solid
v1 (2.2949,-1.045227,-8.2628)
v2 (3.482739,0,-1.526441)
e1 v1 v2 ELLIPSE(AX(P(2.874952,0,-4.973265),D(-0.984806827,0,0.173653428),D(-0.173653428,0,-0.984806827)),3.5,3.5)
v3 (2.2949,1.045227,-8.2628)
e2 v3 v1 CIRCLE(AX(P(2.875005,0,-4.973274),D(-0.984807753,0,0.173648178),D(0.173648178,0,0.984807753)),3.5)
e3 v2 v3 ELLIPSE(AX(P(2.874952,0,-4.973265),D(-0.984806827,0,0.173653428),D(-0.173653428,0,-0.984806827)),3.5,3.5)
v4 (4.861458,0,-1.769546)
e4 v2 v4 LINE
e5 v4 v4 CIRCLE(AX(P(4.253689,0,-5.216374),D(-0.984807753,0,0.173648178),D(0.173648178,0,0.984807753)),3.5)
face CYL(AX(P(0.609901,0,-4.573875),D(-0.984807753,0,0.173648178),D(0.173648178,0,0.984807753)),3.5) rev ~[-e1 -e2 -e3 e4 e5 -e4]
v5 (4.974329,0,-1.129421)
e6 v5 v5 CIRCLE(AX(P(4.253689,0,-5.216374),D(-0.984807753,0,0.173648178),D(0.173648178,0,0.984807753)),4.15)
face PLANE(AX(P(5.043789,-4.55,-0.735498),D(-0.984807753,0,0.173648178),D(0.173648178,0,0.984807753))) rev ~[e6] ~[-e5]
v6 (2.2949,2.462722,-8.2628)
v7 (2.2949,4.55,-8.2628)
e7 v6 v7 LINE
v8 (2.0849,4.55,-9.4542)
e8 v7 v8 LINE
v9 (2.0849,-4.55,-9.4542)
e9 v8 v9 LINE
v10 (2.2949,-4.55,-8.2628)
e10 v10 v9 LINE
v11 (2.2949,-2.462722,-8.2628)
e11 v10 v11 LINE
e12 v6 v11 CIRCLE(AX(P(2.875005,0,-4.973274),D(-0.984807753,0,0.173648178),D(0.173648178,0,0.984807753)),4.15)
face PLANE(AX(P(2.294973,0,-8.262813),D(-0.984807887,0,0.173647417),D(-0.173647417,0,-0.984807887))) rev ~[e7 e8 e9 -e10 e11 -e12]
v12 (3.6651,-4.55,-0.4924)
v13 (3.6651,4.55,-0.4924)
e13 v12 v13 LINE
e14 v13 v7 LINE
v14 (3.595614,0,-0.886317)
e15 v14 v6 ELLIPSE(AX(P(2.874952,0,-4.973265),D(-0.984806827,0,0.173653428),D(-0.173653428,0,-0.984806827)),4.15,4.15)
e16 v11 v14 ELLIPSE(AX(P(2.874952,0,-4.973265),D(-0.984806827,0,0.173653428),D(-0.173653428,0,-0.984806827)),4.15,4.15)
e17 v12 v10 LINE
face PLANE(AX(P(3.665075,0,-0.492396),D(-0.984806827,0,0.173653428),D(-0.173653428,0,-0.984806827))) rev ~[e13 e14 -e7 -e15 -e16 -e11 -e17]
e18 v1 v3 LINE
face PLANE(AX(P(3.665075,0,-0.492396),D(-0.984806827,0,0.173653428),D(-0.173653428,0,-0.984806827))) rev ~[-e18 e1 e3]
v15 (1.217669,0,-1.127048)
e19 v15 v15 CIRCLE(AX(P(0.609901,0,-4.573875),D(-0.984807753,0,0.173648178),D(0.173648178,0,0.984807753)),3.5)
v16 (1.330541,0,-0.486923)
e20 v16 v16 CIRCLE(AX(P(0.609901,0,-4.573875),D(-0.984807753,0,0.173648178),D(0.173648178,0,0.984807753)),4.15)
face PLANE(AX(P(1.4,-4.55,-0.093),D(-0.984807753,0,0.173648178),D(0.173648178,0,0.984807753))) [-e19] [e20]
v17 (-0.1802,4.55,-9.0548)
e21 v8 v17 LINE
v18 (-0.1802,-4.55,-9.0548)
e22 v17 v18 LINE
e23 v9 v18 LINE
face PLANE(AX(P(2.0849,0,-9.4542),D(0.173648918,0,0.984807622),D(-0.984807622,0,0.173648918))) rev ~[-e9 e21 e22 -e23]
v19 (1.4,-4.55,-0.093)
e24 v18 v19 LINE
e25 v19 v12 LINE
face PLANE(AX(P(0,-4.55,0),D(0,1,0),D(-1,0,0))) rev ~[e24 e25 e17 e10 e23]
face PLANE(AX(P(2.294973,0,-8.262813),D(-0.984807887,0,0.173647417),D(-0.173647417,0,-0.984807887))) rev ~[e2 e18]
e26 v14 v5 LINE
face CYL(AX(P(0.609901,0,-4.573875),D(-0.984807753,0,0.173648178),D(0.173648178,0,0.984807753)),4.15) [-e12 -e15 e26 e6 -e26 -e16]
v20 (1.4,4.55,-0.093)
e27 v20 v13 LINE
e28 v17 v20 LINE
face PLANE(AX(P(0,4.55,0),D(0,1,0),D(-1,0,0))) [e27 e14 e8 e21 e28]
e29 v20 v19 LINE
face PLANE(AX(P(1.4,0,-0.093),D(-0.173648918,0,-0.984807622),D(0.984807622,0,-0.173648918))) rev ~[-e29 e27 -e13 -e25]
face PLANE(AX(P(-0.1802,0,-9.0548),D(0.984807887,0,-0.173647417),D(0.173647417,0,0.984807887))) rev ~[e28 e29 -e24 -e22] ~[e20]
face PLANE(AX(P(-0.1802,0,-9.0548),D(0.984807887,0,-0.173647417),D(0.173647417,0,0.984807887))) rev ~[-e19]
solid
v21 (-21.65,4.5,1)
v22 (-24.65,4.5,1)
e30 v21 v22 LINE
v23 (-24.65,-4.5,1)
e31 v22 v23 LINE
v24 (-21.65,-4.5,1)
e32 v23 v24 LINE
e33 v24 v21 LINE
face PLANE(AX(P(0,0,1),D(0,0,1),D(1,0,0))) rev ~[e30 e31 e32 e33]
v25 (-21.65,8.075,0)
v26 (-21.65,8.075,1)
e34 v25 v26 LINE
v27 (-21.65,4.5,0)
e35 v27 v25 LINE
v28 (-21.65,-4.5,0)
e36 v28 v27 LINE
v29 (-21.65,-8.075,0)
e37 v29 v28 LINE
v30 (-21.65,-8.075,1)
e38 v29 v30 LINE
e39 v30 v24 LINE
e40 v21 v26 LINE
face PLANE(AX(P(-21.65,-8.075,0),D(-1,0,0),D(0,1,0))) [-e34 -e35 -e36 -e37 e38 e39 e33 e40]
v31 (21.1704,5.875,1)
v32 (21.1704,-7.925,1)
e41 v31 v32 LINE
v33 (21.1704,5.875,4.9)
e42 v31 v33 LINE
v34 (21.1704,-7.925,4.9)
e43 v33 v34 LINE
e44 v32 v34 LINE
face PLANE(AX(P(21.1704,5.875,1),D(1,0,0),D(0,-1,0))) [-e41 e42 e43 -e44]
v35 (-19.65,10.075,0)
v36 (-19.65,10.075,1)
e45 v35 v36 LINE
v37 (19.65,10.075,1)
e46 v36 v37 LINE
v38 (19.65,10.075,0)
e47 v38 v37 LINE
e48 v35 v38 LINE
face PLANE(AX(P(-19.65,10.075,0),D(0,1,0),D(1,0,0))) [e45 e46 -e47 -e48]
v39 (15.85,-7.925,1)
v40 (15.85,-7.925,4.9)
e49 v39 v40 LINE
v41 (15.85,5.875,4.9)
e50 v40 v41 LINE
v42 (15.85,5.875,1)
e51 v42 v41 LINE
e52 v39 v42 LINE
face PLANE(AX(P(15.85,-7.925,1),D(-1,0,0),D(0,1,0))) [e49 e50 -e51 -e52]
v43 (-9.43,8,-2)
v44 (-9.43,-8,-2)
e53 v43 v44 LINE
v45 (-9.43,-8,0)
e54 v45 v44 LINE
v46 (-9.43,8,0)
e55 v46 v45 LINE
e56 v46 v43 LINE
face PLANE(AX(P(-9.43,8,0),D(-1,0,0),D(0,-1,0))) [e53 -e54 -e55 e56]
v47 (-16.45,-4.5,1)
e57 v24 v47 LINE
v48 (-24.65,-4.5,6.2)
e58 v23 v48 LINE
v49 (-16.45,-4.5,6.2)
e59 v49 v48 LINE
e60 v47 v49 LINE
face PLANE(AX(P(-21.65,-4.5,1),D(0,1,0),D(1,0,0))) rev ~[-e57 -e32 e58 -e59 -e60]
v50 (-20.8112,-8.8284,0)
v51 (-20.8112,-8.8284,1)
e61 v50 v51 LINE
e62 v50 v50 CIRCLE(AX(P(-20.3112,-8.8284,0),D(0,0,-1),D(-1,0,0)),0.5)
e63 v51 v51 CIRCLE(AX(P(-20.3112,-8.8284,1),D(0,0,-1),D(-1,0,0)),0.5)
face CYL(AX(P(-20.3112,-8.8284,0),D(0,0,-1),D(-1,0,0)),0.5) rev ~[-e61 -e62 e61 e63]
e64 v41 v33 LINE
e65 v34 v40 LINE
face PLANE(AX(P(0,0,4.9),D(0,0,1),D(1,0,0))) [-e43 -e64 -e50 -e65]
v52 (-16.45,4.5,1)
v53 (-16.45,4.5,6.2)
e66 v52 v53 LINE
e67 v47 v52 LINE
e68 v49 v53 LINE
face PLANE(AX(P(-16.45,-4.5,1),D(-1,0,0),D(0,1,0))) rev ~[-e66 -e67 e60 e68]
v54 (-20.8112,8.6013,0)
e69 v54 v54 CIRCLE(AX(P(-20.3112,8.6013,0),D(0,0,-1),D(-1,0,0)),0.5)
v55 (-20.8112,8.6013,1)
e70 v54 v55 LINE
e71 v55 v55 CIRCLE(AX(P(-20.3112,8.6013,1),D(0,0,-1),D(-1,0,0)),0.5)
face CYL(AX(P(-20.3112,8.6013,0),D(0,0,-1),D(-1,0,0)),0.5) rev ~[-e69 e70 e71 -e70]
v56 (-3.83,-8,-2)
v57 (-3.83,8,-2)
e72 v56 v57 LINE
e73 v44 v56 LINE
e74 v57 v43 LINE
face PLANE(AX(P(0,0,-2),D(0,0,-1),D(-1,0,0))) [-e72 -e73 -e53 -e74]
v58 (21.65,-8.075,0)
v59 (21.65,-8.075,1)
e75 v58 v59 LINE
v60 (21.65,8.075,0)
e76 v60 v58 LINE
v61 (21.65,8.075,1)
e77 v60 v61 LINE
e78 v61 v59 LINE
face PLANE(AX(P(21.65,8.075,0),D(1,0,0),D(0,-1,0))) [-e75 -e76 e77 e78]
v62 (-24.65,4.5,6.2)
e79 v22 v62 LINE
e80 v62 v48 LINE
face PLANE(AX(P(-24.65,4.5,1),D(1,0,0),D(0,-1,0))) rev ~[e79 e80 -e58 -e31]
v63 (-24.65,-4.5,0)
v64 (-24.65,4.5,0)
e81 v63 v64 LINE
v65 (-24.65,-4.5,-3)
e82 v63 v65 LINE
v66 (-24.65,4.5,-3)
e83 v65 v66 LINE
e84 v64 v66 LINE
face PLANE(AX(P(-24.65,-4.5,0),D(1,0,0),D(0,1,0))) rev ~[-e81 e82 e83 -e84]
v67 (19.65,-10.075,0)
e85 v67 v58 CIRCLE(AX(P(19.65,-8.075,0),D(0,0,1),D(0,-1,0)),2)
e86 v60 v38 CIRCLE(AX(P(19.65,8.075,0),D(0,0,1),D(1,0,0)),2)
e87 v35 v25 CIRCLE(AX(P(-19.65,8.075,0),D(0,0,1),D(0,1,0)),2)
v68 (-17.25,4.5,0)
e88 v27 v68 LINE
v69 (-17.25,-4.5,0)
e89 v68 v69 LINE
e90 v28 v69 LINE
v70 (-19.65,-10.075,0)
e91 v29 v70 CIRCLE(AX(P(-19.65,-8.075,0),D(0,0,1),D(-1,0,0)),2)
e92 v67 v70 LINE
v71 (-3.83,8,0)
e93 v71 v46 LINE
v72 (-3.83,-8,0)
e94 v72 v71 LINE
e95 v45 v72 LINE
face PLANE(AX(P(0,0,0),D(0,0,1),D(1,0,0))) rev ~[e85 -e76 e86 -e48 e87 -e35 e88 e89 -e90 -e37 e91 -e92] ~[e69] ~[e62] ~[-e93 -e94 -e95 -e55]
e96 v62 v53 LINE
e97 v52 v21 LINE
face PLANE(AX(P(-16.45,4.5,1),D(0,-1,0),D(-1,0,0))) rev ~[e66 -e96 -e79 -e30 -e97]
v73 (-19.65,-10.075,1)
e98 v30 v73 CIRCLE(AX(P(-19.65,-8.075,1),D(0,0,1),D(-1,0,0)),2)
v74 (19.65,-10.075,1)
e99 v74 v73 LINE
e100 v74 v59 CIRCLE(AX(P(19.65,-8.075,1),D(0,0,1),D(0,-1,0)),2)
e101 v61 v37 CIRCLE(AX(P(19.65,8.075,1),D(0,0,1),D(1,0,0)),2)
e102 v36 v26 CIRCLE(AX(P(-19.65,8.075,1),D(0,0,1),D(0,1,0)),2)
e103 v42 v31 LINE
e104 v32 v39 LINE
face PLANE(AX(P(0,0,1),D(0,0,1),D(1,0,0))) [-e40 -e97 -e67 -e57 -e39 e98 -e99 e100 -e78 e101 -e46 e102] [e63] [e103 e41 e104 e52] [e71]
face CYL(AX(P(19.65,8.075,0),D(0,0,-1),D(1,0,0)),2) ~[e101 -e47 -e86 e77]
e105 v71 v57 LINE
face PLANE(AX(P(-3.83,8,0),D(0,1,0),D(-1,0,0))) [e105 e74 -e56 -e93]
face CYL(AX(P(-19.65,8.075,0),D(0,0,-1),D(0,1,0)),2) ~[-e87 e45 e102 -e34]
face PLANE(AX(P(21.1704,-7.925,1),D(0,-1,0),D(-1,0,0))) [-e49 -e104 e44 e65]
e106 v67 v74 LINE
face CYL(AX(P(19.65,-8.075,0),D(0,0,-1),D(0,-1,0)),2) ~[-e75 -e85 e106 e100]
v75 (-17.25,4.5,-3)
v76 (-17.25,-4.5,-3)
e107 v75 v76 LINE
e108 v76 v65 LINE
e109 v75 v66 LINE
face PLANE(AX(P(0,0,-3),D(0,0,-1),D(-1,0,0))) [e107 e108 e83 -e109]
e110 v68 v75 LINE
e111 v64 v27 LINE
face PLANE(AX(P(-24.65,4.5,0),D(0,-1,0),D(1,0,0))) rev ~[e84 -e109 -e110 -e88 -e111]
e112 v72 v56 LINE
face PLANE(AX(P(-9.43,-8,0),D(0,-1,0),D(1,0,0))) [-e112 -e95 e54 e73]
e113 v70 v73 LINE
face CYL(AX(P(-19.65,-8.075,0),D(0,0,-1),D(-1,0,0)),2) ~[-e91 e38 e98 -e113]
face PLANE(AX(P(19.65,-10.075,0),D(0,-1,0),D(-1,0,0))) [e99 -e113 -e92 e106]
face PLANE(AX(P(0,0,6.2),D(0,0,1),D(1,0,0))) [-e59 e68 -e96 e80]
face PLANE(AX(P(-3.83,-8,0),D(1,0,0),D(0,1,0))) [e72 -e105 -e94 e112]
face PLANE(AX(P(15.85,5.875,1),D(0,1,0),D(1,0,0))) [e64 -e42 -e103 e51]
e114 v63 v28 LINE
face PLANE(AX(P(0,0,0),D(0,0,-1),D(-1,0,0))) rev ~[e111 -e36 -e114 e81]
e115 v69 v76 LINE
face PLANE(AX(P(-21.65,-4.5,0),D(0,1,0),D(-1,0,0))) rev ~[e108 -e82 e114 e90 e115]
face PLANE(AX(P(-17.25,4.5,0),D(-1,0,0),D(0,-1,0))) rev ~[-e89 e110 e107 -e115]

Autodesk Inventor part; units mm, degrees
ref_plane "YZ Plane" through (0, 0, 0) normal (1, 0, 0) x (0, 1, 0)
ref_plane "XZ Plane" through (0, 0, 0) normal (0, 1, 0) x (-1, 0, 0)
ref_plane "XY Plane" through (0, 0, 0) normal (0, 0, 1) x (1, 0, 0)
sketch "Sketch1" plane through (0, 0, 0) normal (0, 0, 1) x (1, 0, 0)
  line L0 (19.65, -10.075) -> (-19.65, -10.075)
  line L1 (-21.65, -8.075) -> (-21.65, 8.075)
  line L2 (-19.65, 10.075) -> (19.65, 10.075)
  line L3 (21.65, 8.075) -> (21.65, -8.075)
  line L4 (21.65, -10.075) -> (-21.65, 10.075) construction
  line L5 (-21.65, -10.075) -> (21.65, 10.075) construction
  arc A0 (-19.65, 10.075) -> (-21.65, 8.075) centre (-19.65, 8.075) ccw
  arc A1 (21.65, 8.075) -> (19.65, 10.075) centre (19.65, 8.075) ccw
  arc A2 (19.65, -10.075) -> (21.65, -8.075) centre (19.65, -8.075) ccw
  arc A3 (-21.65, -8.075) -> (-19.65, -10.075) centre (-19.65, -8.075) ccw
  point P0 (0, 0)
  dimension "d0" = 43.3
  dimension "d1" = 20.15
  dimension "d2" = 2
extrude "Extrusion1" add sketch "Sketch1" along normal blind 1
sketch "Sketch2" plane through (0, 0, 0) normal (0, 0, -1) x (-1, 0, 0)
  line L0 (19.65, 10.075) -> (-19.65, 10.075) projected
  arc A0 (-19.65, 10.075) -> (-21.65, 8.075) centre (-19.65, 8.075) ccw projected
  line L1 (-21.65, 8.075) -> (-21.65, -8.075) projected
  arc A1 (-21.65, -8.075) -> (-19.65, -10.075) centre (-19.65, -8.075) ccw projected
  line L2 (-19.65, -10.075) -> (19.65, -10.075) projected
  arc A2 (19.65, -10.075) -> (21.65, -8.075) centre (19.65, -8.075) ccw projected
  line L3 (21.65, -8.075) -> (21.65, 8.075) projected
  arc A3 (21.65, 8.075) -> (19.65, 10.075) centre (19.65, 8.075) ccw projected
  line L4 (17.25, -4.5) -> (24.65, -4.5)
  line L5 (24.65, -4.5) -> (24.65, 4.5)
  line L6 (24.65, 4.5) -> (17.25, 4.5)
  line L7 (17.25, 4.5) -> (17.25, -4.5)
  line L8 (17.25, -4.5) -> (24.65, 4.5) construction
  line L9 (24.65, -4.5) -> (17.25, 4.5) construction
  point P0 (0, 0)
  point P1 (20.95, 0)
  dimension "d5" = 7.4
  dimension "d6" = 9
  dimension "d7" = 3
extrude "Extrusion2" add sketch "Sketch2" along normal blind 3 contours L6 L5 L4 L3 | L3 L4 L7 L6
sketch "Sketch3" plane through (0, 0, 1) normal (0, 0, 1) x (1, 0, 0)
  line L0 (-16.45, 4.5) -> (-24.65, 4.5)
  line L1 (-24.65, 4.5) -> (-24.65, -4.5)
  line L2 (-24.65, -4.5) -> (-16.45, -4.5)
  line L3 (-16.45, -4.5) -> (-16.45, 4.5)
  line L4 (-16.45, 4.5) -> (-24.65, -4.5) construction
  line L5 (-24.65, 4.5) -> (-16.45, -4.5) construction
  line L6 (-21.65, 8.075) -> (-21.65, -8.075) projected
  point P0 (0, 0)
  point P1 (-20.55, 0)
  dimension "d10" = 8.2
  dimension "d11" = 9
  dimension "d12" = 3
extrude "Extrusion3" add sketch "Sketch3" along normal blind 5.2
sketch "Sketch4" plane through (0, 0, 1) normal (0, 0, 1) x (1, 0, 0)
  line L0 (21.1704, -7.925) -> (15.85, -7.925)
  line L1 (15.85, -7.925) -> (15.85, 5.875)
  line L2 (15.85, 5.875) -> (21.1704, 5.875)
  line L3 (21.1704, 5.875) -> (21.1704, -7.925)
  line L4 (-19.65, -10.075) -> (19.65, -10.075) projected
  line L5 (19.65, 10.075) -> (-19.65, 10.075) projected
  line L6 (21.65, -8.075) -> (21.65, 8.075) projected
  point P0 (0, 0)
  dimension "d15" = 2.15
  dimension "d16" = 4.2
  dimension "d17" = 5.8
extrude "Extrusion4" add sketch "Sketch4" along normal blind 3.9
sketch "Sketch5" plane through (0, 0, 0) normal (0, 0, -1) x (-1, 0, 0)
  line L0 (17.25, 4.5) -> (21.65, 4.5) projected
  line L1 (21.65, 4.5) -> (21.65, 8.075) projected
  arc A0 (21.65, 8.075) -> (19.65, 10.075) centre (19.65, 8.075) ccw projected
  line L2 (19.65, 10.075) -> (-19.65, 10.075) projected
  arc A1 (-19.65, 10.075) -> (-21.65, 8.075) centre (-19.65, 8.075) ccw projected
  line L3 (-21.65, 8.075) -> (-21.65, -8.075) projected
  arc A2 (-21.65, -8.075) -> (-19.65, -10.075) centre (-19.65, -8.075) ccw projected
  line L4 (-19.65, -10.075) -> (19.65, -10.075) projected
  arc A3 (19.65, -10.075) -> (21.65, -8.075) centre (19.65, -8.075) ccw projected
  line L5 (21.65, -8.075) -> (21.65, -4.5) projected
  line L6 (21.65, -4.5) -> (17.25, -4.5) projected
  line L7 (17.25, -4.5) -> (17.25, 4.5) projected
  circle A4 centre (20.3112, 8.6013) radius 0.5
  circle A5 centre (20.3112, -8.8284) radius 0.5
  point P0 (0, 0)
  dimension "d20" = 1
  dimension "d21" = 1
extrude "Extrusion5" cut sketch "Sketch5" against normal blind 3.9 contours A4 | A5
sketch "Sketch6" plane through (0, 0, 0) normal (0, 1, 0) x (-1, 0, 0)
  line L0 (19.65, 0) -> (-19.65, 0) projected
  line L1 (-3.7519, 0) -> (-2.2949, -8.2628)
  line L2 (21.65, 0) -> (21.65, 1) projected
  line L3 (-3.6651, -0.4924) -> (-2.0849, -9.4542)
  line L4 (-2.0849, -9.4542) -> (0.1802, -9.0548)
  line L5 (0.1802, -9.0548) -> (-1.4, -0.093)
  line L6 (-1.4, -0.093) -> (-3.6651, -0.4924)
  line L7 (-3.6651, -0.4924) -> (0.1802, -9.0548) construction
  line L8 (-2.0849, -9.4542) -> (-1.4, -0.093) construction
  line L9 (-21.65, 0) -> (-21.65, 1) projected
  point P0 (0, 0)
  point P1 (-1.7424, -4.7736)
  dimension "deg_1" = 80
  dimension "d28" = 9.1
  dimension "d29" = 2.3
  dimension "d30" = 0.5
  dimension "d42" = 20.25
extrude "Extrusion6" add sketch "Sketch6" along normal mid plane 9.1
sketch "Sketch7" plane through (1.4, -4.55, -0.093) normal (-0.9848, 0, 0.1736) x (0.1736, 0, 0.9848)
  line L0 (0, 9.1) -> (0, 0) projected
  line L1 (-9.1, 9.1) -> (0, 9.1) projected
  line L2 (-9.1, 9.1) -> (-9.1, 0) projected
  line L3 (0, 0) -> (-9.1, 0) projected
  circle A0 centre (-4.55, 4.55) radius 4.15
  circle A1 centre (-4.55, 4.55) radius 3.5
  point P0 (-0.1515, 4.55)
  dimension "d33" = 8.3
  dimension "d34" = 7
extrude "Extrusion7" add sketch "Sketch7" against normal blind 3.7 contours A0
sketch "Sketch8" plane through (0, 0, 0) normal (0, 0, -1) x (-1, 0, 0)
  line L0 (9.43, -8) -> (3.83, -8)
  line L1 (3.83, -8) -> (3.83, 8)
  line L2 (3.83, 8) -> (9.43, 8)
  line L3 (9.43, 8) -> (9.43, -8)
  line L4 (9.43, -8) -> (3.83, 8) construction
  line L5 (3.83, -8) -> (9.43, 8) construction
  line L6 (21.65, 4.5) -> (21.65, 8.075) projected
  point P0 (0, 0)
  point P1 (6.63, 0)
  dimension "d37" = 5.6
  dimension "d38" = 16
  dimension "d39" = 12.22
extrude "Extrusion8" add sketch "Sketch8" along normal blind 2
properties part number "00_ESP32_CAM"
